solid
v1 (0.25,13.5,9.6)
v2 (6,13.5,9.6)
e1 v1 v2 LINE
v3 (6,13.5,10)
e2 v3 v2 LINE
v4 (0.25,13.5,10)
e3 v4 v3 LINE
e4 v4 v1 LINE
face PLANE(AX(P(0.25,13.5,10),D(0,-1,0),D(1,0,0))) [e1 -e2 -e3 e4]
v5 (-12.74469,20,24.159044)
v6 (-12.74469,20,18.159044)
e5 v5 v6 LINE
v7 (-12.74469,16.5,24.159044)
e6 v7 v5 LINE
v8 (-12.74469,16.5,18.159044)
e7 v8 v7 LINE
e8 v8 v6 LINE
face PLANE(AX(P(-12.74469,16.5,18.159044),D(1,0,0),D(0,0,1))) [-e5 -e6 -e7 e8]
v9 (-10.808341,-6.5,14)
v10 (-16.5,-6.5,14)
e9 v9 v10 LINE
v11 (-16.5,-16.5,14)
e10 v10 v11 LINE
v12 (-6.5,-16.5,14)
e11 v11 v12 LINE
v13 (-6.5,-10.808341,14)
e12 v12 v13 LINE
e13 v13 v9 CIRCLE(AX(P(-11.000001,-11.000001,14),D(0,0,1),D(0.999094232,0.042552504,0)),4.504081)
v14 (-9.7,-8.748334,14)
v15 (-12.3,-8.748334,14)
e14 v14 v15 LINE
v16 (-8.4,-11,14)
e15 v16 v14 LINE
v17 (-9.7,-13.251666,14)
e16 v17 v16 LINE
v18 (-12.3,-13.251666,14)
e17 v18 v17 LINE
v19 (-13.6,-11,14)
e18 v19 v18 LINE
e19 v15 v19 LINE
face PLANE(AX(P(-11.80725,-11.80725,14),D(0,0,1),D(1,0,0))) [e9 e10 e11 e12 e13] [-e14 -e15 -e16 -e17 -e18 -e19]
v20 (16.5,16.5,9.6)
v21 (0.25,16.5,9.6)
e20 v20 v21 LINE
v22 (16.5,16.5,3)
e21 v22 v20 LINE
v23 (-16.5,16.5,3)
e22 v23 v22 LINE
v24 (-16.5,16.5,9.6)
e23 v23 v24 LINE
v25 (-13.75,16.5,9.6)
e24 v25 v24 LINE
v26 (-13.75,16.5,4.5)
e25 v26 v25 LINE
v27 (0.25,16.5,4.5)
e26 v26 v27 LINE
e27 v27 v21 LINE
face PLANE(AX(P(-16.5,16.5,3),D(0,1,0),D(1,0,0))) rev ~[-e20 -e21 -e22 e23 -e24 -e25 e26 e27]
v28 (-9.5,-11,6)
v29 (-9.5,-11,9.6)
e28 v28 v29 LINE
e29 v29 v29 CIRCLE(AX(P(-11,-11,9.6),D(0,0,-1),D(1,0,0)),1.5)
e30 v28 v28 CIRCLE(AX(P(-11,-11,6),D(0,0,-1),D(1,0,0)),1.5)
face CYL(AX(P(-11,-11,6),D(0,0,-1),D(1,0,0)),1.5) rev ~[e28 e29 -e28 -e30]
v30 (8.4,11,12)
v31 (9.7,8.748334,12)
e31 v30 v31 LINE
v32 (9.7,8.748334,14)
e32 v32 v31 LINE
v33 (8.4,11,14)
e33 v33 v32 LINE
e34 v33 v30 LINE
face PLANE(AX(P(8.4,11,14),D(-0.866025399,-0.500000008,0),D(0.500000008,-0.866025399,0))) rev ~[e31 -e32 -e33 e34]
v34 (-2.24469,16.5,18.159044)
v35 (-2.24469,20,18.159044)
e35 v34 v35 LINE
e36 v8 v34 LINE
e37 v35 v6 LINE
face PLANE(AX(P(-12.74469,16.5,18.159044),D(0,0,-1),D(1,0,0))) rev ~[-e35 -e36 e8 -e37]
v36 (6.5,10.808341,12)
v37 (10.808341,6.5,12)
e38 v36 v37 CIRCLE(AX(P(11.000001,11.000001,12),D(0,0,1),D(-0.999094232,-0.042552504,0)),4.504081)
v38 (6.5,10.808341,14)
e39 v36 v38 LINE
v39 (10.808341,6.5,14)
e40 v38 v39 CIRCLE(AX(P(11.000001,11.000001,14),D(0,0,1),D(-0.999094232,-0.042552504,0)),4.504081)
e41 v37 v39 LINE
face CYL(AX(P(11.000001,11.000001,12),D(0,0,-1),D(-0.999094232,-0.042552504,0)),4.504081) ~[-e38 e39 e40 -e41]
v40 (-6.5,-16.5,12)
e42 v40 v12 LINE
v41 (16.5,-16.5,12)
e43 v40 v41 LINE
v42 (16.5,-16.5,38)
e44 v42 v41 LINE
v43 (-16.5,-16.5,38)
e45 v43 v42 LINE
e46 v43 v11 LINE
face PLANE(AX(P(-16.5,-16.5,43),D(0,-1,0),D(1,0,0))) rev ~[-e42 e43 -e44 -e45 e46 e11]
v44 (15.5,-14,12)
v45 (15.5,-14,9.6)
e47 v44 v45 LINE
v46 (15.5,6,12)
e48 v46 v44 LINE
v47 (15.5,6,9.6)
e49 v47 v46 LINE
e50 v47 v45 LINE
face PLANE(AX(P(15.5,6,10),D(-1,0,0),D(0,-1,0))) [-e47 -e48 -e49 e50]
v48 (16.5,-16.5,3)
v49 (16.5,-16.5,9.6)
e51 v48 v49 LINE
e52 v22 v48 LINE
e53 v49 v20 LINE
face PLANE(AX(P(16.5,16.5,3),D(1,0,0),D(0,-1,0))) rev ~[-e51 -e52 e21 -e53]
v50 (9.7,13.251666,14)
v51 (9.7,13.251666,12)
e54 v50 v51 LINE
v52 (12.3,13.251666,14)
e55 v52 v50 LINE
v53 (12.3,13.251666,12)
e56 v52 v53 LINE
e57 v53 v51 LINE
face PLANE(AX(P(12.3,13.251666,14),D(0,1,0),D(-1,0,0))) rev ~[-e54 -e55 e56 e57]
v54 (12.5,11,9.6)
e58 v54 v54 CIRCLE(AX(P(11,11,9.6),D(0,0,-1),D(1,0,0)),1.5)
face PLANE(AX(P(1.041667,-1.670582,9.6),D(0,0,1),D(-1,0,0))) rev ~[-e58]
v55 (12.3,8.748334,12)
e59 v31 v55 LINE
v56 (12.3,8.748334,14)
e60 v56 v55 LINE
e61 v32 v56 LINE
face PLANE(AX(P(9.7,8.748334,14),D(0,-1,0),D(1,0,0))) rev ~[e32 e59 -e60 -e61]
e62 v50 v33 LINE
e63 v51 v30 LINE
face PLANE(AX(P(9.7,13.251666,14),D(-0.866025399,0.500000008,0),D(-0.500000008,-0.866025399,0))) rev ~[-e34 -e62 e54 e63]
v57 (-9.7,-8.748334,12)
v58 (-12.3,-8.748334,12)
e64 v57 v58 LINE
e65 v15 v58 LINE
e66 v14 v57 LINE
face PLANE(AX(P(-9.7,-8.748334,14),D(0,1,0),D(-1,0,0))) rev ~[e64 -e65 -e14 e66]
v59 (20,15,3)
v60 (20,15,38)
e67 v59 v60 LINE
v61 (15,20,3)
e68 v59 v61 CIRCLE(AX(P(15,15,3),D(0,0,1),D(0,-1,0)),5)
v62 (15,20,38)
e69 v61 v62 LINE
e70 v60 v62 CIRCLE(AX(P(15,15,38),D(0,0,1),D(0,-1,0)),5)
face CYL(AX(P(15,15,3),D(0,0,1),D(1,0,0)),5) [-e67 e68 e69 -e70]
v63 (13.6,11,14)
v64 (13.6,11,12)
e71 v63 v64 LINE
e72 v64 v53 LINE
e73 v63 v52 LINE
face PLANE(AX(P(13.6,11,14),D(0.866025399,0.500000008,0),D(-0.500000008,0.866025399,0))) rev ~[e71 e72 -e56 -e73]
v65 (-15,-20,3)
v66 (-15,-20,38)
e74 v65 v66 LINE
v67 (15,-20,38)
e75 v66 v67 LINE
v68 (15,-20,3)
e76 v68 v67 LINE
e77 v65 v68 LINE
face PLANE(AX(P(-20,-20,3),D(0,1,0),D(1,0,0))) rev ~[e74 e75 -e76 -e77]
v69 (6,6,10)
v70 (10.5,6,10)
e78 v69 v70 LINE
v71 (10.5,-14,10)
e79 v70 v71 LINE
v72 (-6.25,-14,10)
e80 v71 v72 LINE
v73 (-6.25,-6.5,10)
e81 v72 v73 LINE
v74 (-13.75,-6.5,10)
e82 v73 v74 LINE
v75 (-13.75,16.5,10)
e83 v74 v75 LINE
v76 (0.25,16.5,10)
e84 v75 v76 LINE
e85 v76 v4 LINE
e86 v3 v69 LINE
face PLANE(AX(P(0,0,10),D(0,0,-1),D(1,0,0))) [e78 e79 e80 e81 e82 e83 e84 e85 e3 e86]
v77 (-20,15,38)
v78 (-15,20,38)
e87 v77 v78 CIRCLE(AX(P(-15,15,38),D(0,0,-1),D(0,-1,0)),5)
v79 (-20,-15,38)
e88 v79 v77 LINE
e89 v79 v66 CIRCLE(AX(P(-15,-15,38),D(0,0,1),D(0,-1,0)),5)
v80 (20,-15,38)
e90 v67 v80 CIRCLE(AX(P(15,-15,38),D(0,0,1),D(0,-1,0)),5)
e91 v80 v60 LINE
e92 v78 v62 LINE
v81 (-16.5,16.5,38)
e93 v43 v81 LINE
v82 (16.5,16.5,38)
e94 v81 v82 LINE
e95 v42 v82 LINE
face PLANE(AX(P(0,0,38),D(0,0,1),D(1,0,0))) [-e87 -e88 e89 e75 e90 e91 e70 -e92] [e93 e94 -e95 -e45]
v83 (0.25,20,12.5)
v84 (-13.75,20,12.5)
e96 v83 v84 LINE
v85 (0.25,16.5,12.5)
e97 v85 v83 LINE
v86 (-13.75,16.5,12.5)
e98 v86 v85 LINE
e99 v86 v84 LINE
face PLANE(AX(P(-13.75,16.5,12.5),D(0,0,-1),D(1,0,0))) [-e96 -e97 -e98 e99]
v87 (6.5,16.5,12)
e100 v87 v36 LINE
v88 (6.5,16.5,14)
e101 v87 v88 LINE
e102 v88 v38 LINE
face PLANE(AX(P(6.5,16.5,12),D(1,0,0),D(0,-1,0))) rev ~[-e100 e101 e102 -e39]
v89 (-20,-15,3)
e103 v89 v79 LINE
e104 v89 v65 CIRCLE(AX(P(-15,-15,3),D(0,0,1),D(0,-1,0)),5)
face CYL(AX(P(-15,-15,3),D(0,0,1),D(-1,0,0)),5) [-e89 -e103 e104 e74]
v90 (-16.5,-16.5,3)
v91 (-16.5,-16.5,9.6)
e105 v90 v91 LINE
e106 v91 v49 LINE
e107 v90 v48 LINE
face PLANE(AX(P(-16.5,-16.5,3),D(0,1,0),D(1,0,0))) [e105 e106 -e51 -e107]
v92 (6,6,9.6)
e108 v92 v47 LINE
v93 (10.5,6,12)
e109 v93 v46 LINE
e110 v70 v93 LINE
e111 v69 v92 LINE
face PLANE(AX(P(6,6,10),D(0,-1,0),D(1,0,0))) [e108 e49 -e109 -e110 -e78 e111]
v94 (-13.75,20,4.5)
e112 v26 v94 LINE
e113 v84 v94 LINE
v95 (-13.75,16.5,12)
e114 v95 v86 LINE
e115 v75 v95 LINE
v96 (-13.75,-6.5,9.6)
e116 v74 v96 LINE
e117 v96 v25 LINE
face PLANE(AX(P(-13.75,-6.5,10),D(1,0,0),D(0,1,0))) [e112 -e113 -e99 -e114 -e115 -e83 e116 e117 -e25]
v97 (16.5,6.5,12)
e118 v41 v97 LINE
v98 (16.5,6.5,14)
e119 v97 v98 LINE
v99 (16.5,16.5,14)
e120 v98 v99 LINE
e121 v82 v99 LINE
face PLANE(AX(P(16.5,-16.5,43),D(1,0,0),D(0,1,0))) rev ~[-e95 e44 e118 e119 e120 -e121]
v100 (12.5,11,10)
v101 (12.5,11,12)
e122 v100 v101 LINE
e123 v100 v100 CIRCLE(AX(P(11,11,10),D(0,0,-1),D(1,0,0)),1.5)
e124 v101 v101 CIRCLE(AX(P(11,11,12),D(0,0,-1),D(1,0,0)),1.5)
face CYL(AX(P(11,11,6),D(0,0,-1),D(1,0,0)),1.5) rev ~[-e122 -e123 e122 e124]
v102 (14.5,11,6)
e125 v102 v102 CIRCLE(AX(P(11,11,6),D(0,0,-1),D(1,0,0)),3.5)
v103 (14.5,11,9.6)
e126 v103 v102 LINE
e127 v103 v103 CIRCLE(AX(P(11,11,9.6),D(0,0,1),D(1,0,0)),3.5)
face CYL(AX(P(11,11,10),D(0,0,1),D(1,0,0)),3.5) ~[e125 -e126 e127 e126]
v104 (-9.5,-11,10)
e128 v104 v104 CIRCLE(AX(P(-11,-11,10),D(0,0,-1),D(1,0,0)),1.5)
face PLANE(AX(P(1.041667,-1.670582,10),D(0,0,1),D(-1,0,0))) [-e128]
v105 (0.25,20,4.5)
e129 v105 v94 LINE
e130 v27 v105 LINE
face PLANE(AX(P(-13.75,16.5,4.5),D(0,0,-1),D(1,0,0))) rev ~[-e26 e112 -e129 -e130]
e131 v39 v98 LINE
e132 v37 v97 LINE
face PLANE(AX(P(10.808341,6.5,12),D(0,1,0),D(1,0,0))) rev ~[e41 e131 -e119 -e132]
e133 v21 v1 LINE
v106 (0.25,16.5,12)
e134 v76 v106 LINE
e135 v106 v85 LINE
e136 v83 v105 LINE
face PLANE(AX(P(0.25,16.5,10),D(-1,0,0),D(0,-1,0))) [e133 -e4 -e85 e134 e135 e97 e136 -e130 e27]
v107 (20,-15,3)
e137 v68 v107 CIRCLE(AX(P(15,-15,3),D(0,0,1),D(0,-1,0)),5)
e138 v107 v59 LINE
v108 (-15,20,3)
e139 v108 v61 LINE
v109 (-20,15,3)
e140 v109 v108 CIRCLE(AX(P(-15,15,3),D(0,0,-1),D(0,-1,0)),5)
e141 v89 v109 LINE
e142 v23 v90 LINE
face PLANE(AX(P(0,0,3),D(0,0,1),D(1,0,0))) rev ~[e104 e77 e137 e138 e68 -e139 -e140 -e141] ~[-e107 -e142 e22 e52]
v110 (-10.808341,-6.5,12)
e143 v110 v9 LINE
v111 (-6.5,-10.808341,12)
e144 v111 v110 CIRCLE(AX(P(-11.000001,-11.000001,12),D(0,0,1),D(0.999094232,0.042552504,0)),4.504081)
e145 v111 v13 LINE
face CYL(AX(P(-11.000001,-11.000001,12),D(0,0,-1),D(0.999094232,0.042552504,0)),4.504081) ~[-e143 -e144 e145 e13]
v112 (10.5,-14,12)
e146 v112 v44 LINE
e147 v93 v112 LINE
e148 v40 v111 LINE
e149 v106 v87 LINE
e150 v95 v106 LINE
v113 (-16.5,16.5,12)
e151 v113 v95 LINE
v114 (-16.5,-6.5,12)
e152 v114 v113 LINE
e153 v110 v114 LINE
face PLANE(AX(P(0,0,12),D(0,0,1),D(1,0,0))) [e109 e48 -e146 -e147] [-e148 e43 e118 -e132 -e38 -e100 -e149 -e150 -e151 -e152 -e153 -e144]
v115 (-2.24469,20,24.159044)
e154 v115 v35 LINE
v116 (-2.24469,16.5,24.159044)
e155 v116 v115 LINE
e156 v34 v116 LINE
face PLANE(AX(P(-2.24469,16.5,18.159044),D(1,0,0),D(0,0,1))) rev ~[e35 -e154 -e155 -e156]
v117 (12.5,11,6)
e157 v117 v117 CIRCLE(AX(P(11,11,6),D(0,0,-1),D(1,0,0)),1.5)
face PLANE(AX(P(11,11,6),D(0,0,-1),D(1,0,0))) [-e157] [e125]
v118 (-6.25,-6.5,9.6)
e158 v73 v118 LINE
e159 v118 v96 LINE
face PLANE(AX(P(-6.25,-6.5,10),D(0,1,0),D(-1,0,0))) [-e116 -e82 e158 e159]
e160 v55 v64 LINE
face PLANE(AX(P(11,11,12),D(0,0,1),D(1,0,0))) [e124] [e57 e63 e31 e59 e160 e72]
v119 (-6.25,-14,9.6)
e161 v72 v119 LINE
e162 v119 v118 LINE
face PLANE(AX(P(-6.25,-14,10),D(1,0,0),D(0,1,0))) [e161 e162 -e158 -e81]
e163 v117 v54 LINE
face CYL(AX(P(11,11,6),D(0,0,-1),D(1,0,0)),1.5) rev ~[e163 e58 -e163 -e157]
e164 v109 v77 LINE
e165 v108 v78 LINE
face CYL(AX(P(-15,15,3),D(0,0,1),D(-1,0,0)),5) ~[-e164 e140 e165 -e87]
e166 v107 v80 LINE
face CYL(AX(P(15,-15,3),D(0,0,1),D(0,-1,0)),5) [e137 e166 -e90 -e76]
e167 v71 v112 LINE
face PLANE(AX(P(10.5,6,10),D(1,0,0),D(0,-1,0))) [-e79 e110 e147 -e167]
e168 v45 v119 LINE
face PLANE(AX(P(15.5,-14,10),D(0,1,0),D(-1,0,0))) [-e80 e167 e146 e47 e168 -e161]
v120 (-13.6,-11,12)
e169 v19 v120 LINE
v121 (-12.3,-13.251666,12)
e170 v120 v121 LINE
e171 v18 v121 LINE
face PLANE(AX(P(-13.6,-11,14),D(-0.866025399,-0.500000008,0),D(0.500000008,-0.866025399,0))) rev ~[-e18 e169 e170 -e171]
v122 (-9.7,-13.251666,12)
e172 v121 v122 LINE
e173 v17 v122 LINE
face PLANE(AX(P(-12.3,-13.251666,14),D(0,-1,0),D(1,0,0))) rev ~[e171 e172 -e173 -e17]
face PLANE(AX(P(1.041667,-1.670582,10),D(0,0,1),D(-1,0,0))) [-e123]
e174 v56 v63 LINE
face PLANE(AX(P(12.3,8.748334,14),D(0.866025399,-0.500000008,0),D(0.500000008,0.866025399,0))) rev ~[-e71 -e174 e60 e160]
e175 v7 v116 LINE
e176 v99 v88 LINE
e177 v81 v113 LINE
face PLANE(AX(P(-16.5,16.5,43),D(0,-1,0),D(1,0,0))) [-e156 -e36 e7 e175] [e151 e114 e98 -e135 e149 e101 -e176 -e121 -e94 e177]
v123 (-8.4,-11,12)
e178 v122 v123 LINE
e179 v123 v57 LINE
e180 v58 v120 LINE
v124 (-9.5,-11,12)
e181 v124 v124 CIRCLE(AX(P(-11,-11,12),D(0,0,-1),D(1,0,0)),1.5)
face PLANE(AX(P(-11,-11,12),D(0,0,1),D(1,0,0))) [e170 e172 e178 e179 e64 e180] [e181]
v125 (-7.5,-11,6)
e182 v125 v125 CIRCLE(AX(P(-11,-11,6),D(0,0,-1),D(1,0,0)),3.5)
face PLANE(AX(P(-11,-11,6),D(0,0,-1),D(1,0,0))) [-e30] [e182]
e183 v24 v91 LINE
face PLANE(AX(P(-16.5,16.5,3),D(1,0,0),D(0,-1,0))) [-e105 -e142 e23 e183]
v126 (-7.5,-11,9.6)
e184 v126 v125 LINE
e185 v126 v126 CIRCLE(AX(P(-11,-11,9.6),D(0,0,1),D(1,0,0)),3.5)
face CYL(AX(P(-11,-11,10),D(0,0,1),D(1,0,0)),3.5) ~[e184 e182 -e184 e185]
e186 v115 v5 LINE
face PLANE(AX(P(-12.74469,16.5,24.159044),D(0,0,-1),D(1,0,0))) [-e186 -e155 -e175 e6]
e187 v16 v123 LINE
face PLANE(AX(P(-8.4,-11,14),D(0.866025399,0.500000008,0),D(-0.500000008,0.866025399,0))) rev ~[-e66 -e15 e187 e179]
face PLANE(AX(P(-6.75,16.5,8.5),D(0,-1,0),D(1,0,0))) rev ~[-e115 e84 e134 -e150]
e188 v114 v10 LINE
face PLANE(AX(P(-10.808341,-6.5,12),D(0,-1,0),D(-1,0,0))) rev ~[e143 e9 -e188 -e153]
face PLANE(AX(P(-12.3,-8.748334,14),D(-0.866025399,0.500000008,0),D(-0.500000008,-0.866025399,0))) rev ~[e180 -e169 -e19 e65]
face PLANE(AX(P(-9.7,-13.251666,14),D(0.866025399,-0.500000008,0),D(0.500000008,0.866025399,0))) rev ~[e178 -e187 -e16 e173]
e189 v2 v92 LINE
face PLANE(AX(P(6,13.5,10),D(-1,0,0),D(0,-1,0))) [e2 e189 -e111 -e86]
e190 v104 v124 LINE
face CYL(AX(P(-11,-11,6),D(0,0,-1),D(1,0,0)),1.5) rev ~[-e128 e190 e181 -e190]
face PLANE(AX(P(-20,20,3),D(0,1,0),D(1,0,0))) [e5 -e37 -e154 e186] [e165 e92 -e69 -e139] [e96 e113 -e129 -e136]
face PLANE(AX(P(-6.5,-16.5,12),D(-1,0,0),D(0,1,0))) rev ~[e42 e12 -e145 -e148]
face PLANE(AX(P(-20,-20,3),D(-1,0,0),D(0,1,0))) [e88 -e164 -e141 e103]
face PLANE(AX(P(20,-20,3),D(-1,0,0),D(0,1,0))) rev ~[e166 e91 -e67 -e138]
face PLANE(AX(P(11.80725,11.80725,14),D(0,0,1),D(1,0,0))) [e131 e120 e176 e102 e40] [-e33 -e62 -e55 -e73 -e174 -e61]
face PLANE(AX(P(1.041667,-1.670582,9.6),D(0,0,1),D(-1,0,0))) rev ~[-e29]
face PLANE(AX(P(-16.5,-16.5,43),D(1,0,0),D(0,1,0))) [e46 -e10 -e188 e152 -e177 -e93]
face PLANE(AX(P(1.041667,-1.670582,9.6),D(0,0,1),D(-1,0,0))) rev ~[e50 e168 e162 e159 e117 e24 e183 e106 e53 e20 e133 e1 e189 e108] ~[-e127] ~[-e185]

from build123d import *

# Parameters (mm, degrees)
SKETCH004_W     = 40
SKETCH004_H     = 40
PAD001_DEPTH    = 35
FILLET001_R     = 5
SKETCH005_W     = 33
SKETCH005_H     = 33
POCKET003_DEPTH = 7
SKETCH006_W     = 5
SKETCH006_H     = 20
POCKET004_DEPTH = 2
SKETCH007_R     = 3.5
PAD002_DEPTH    = 4
SKETCH009_W     = 33
SKETCH009_H     = 33
POCKET006_DEPTH = 31
SKETCH010_W     = 14
SKETCH010_H     = 8
POCKET007_DEPTH = 4
SKETCH011_W     = 10.5
SKETCH011_H     = 6
POCKET008_DEPTH = 4
PAD003_DEPTH    = 2
SKETCH013_R     = 1.5
POCKET009_DEPTH = 8
POCKET010_DEPTH = 2
PAD004_DEPTH    = 0.4


with BuildPart() as part:
    # Sketch004 → Pad001 (new body)
    with BuildSketch(Plane.XY):
        Rectangle(SKETCH004_W, SKETCH004_H)
    extrude(amount=PAD001_DEPTH)

    # Fillet001
    fillet001_edges = [part.edges().sort_by_distance(p)[0] for p in [
        (-20, -20, 17.5),
        (20, -20, 17.5),
        (20, 20, 17.5),
        (-20, 20, 17.5),
    ]]
    fillet(fillet001_edges, radius=FILLET001_R)

    # Sketch005 (on Face2 of Fillet001) → Pocket003 (cut)
    with BuildSketch(Plane(origin=(0, 0, 0), x_dir=(1, 0, 0), z_dir=(0, 0, -1))):
        Rectangle(SKETCH005_W, SKETCH005_H)
    extrude(amount=-POCKET003_DEPTH, mode=Mode.SUBTRACT)

    # Sketch006 (on Face15 of Pocket003) → Pocket004 (cut)
    with BuildSketch(Plane(origin=(0, 0, 7), x_dir=(1, 0, 0), z_dir=(0, 0, -1))):
        with Locations((13, 4)):
            Rectangle(SKETCH006_W, SKETCH006_H)
    extrude(amount=-POCKET004_DEPTH, mode=Mode.SUBTRACT)

    # Sketch007 (on Face15 of Pocket004) → Pad002 (join)
    with BuildSketch(Plane(origin=(0, 0, 7), x_dir=(1, 0, 0), z_dir=(0, 0, -1))):
        with Locations((-11, 11)):
            Circle(SKETCH007_R)
        with Locations((11, -11)):
            Circle(SKETCH007_R)
    extrude(amount=PAD002_DEPTH)

    # Sketch009 → Pocket006 (cut)
    with BuildSketch(Plane.XY.offset(40)):
        Rectangle(SKETCH009_W, SKETCH009_H)
    extrude(amount=-POCKET006_DEPTH, mode=Mode.SUBTRACT)

    # Sketch010 (on Face14 of Pocket006) → Pocket007 (cut)
    with BuildSketch(Plane.XZ.offset(-16.5)):
        with Locations((-6.75, 5.5)):
            Rectangle(SKETCH010_W, SKETCH010_H)
    extrude(amount=-POCKET007_DEPTH, mode=Mode.SUBTRACT)

    # Sketch011 (on Face17 of Pocket007) → Pocket008 (cut)
    with BuildSketch(Plane.XZ.offset(-16.5)):
        with Locations((-7.49469, 18.159044)):
            Rectangle(SKETCH011_W, SKETCH011_H)
    extrude(amount=-POCKET008_DEPTH, mode=Mode.SUBTRACT)

    # Sketch012 (on Face28 of Pocket008) → Pad003 (join)
    with BuildSketch(Plane.XY.offset(9)):
        with BuildLine():
            Line((16.5, 16.5), (6.5, 16.5))
            Line((6.5, 16.5), (6.5, 10.808341))
            ThreePointArc((6.5, 10.808341), (7.815135, 7.815135), (10.808341, 6.5))
            Line((10.808341, 6.5), (16.5, 6.5))
            Line((16.5, 6.5), (16.5, 16.5))
        make_face()
        with BuildLine():
            Line((-16.5, -16.5), (-6.5, -16.5))
            Line((-6.5, -16.5), (-6.5, -10.808341))
            ThreePointArc((-6.5, -10.808341), (-7.815135, -7.815135), (-10.808341, -6.5))
            Line((-10.808341, -6.5), (-16.5, -6.5))
            Line((-16.5, -6.5), (-16.5, -16.5))
        make_face()
    extrude(amount=PAD003_DEPTH)

    # Sketch013 (on Face45 of Pad003) → Pocket009 (cut)
    with BuildSketch(Plane(origin=(0, 0, 3), x_dir=(1, 0, 0), z_dir=(0, 0, -1))):
        with Locations((-11, 11)):
            Circle(SKETCH013_R)
        with Locations((11, -11)):
            Circle(SKETCH013_R)
    extrude(amount=-POCKET009_DEPTH, mode=Mode.SUBTRACT)

    # Sketch014 (on Face30 of Pocket009) → Pocket010 (cut)
    with BuildSketch(Plane.XY.offset(11)):
        Polygon((13.6, 11), (12.3, 13.251666), (9.7, 13.251666), (8.4, 11), (9.7, 8.748334), (12.3, 8.748334), align=None)
        Polygon((-8.4, -11), (-9.7, -8.748334), (-12.3, -8.748334), (-13.6, -11), (-12.3, -13.251666), (-9.7, -13.251666), align=None)
    extrude(amount=-POCKET010_DEPTH, mode=Mode.SUBTRACT)

    # Sketch015 (on Face27 of Pocket010) → Pad004 (join)
    with BuildSketch(Plane(origin=(0, 0, 7), x_dir=(1, 0, 0), z_dir=(0, 0, -1))):
        Polygon((-16.5, 16.5), (16.5, 16.5), (16.5, -16.5), (0.25, -16.5), (0.25, -13.5), (6, -13.5), (6, -6), (15.5, -6), (15.5, 14), (-6.25, 14), (-6.25, 6.5), (-13.75, 6.5), (-13.75, -16.5), (-16.5, -16.5), align=None)
    extrude(amount=PAD004_DEPTH)


with BuildPart() as part_1:
    # Body001 placement: moved
    add(part.part.moved(Location((0, 0, 3))))


solid = part_1.part
